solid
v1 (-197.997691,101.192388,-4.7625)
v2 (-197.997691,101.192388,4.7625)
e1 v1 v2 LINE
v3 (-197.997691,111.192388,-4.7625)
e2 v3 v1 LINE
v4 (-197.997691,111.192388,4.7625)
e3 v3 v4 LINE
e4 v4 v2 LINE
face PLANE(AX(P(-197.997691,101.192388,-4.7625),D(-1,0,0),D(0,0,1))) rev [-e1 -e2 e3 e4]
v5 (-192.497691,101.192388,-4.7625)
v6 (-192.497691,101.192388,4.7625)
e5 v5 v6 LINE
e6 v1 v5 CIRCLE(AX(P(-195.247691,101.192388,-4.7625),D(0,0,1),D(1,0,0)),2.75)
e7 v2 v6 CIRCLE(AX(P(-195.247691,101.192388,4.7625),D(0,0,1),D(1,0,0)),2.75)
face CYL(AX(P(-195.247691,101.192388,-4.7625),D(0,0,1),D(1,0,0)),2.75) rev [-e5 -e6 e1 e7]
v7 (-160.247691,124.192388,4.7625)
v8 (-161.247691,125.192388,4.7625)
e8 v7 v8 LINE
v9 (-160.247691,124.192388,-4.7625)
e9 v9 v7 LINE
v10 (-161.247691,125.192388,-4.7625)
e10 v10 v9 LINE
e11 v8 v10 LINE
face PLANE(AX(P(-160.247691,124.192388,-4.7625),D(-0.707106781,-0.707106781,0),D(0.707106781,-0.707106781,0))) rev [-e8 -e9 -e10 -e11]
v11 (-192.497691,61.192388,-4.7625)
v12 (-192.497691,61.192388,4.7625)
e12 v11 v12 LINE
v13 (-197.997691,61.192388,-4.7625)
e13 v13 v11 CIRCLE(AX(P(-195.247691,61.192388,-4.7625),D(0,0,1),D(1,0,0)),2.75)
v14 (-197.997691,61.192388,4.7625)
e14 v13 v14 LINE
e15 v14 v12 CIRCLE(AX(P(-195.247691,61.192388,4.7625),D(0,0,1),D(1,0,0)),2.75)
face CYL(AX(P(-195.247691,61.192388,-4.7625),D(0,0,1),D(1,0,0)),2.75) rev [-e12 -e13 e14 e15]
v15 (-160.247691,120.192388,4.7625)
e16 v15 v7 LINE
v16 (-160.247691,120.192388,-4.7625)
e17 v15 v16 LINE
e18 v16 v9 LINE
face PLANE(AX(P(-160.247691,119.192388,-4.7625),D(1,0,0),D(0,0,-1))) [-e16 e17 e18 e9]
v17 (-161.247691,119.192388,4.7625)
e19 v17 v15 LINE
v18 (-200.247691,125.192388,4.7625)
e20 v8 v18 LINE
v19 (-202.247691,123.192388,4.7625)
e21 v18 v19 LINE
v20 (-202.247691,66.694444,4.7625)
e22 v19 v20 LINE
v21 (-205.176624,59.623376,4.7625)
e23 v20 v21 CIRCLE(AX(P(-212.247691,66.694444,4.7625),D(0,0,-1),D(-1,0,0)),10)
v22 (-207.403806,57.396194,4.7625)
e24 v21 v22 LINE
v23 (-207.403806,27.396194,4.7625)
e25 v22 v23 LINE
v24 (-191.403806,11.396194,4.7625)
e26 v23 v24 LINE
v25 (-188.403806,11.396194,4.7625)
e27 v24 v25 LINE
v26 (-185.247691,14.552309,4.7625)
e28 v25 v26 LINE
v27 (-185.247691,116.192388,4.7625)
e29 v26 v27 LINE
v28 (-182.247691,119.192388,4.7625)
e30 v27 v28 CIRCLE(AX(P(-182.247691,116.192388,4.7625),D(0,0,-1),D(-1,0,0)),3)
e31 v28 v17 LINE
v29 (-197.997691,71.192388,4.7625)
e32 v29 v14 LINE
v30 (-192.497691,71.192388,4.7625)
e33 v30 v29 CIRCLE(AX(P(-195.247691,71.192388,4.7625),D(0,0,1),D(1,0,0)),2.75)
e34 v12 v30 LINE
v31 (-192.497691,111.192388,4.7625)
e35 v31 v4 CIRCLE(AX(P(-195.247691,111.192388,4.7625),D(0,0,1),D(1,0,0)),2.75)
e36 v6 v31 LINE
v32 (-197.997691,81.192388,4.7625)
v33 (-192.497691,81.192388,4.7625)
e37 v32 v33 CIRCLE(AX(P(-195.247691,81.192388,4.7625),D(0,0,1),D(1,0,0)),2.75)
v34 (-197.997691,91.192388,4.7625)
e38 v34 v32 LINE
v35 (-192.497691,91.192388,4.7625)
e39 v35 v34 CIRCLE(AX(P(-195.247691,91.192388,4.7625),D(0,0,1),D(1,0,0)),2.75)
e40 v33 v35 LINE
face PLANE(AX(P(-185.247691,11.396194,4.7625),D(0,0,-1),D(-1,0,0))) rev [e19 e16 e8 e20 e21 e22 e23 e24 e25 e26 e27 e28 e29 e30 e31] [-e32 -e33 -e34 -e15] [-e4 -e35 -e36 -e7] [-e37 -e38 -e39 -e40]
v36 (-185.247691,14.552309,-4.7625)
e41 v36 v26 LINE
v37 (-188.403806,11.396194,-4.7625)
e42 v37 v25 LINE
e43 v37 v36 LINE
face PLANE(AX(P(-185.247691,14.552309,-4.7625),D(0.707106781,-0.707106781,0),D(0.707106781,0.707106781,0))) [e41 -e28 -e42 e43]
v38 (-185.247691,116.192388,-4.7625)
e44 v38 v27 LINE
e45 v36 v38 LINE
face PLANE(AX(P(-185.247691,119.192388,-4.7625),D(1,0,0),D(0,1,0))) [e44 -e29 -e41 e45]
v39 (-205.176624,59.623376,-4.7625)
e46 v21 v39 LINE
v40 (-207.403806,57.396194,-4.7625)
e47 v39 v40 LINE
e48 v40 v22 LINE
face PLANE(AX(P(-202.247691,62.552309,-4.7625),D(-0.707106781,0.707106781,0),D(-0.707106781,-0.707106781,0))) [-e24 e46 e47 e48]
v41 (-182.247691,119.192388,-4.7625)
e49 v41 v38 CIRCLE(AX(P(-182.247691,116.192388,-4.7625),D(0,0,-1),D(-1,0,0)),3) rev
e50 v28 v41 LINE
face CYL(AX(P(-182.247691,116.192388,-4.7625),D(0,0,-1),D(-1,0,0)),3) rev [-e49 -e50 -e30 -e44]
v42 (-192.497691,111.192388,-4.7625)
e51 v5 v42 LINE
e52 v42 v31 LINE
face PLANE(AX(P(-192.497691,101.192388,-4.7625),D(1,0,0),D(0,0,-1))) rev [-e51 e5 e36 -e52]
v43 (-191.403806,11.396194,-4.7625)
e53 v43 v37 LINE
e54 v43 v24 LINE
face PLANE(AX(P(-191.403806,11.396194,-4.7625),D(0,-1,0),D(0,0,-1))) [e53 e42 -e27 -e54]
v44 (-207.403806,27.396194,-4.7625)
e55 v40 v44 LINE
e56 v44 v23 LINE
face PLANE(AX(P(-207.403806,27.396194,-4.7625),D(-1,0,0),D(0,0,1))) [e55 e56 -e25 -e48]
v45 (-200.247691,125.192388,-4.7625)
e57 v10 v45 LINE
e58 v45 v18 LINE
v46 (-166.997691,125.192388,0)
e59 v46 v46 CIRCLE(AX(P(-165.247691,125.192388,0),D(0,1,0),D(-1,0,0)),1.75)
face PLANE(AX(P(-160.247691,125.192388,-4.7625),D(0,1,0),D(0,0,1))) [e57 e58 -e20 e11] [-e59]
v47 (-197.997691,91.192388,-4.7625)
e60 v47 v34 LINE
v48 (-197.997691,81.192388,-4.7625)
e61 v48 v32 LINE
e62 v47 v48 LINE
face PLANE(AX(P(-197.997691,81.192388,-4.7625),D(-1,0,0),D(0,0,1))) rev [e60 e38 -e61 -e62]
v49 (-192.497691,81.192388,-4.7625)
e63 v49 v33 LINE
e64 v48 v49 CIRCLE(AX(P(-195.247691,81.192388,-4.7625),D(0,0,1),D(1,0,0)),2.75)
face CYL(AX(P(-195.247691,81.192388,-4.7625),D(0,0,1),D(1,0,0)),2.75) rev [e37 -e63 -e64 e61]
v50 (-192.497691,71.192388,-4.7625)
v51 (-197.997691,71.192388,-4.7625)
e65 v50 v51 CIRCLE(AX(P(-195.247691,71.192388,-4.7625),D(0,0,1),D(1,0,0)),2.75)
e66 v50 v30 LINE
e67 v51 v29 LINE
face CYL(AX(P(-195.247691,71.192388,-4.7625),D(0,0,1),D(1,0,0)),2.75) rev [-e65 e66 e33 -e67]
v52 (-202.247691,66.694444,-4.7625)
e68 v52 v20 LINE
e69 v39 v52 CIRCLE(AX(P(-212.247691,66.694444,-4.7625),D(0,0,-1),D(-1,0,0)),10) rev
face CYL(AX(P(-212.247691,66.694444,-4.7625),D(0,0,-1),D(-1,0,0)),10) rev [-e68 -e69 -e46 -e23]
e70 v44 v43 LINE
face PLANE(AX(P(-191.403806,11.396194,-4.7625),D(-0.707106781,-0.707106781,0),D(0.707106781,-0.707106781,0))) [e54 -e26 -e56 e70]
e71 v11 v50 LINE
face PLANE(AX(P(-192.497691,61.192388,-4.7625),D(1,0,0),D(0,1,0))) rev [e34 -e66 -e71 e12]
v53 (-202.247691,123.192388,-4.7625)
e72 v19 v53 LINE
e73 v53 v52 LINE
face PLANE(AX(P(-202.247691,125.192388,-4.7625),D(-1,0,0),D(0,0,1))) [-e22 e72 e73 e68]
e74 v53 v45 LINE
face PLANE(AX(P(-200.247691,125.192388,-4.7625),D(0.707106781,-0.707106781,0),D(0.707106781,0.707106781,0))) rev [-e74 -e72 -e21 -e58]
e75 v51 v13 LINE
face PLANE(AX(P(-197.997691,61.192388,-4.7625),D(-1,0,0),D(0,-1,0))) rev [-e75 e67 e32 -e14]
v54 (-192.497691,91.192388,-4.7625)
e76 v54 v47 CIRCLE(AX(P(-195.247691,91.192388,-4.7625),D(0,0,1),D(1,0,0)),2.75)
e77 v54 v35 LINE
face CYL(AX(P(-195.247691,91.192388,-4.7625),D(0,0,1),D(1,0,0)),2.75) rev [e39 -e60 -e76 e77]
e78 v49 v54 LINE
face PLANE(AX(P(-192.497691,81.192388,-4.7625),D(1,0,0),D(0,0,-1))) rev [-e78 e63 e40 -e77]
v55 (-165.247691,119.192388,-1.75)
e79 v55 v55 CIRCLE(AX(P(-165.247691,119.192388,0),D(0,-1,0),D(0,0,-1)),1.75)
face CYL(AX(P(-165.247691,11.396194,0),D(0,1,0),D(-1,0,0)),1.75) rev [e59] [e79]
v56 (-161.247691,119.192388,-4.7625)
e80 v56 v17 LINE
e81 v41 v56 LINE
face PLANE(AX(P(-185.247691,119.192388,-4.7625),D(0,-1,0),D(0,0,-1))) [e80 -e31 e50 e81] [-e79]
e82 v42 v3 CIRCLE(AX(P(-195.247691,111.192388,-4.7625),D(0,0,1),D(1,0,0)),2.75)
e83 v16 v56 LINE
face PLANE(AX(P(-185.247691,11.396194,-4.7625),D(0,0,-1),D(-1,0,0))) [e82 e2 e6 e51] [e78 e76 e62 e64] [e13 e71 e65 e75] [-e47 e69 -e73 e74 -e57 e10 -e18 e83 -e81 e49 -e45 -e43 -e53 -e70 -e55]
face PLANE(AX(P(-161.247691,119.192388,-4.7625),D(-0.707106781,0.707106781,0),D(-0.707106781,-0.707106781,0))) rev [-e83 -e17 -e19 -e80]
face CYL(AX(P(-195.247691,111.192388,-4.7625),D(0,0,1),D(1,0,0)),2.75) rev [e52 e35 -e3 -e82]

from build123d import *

# Parameters (mm, degrees)
BOSS_EXTRUDE1_DEPTH      = 4.7625
BOSS_EXTRUDE1_DEPTH_BACK = 4.7625
SKETCH2_R                = 1.75
CUT_EXTRUDE1_DEPTH       = 237.61909032
FILLET1_R                = 10
CHAMFER1_SIZE            = 2
CHAMFER2_SIZE            = 1
FILLET2_R                = 3


with BuildPart() as part:
    # Sketch1 → Boss-Extrude1 (new, two sides: drawn at the far end of the back side and taken through both)
    with BuildSketch(Plane.XY.offset(-BOSS_EXTRUDE1_DEPTH_BACK)):
        Polygon((-191.403805922, 11.396194078), (-207.403805922, 27.396194078), (-207.403805922, 57.396194078), (-202.247691321, 62.552308679), (-202.247691321, 125.192388155), (-160.247691321, 125.192388155), (-160.247691321, 119.192388155), (-185.247691321, 119.192388155), (-185.247691321, 14.552308679), (-188.403805922, 11.396194078), align=None)
        with BuildLine():
            Line((-192.497691321, 61.192388155), (-192.497691321, 71.192388155))
            ThreePointArc((-192.497691321, 71.192388155), (-195.247691321, 73.942388155), (-197.997691321, 71.192388155))
            Line((-197.997691321, 71.192388155), (-197.997691321, 61.192388155))
            ThreePointArc((-197.997691321, 61.192388155), (-195.247691321, 58.442388155), (-192.497691321, 61.192388155))
        make_face(mode=Mode.SUBTRACT)
        with BuildLine():
            Line((-192.497691321, 81.192388155), (-192.497691321, 91.192388155))
            ThreePointArc((-192.497691321, 91.192388155), (-195.247691321, 93.942388155), (-197.997691321, 91.192388155))
            Line((-197.997691321, 91.192388155), (-197.997691321, 81.192388155))
            ThreePointArc((-197.997691321, 81.192388155), (-195.247691321, 78.442388155), (-192.497691321, 81.192388155))
        make_face(mode=Mode.SUBTRACT)
        with BuildLine():
            Line((-192.497691321, 101.192388155), (-192.497691321, 111.192388155))
            ThreePointArc((-192.497691321, 111.192388155), (-195.247691321, 113.942388155), (-197.997691321, 111.192388155))
            Line((-197.997691321, 111.192388155), (-197.997691321, 101.192388155))
            ThreePointArc((-197.997691321, 101.192388155), (-195.247691321, 98.442388155), (-192.497691321, 101.192388155))
        make_face(mode=Mode.SUBTRACT)
    extrude(amount=BOSS_EXTRUDE1_DEPTH + BOSS_EXTRUDE1_DEPTH_BACK)

    # Sketch2 → Cut-Extrude1 (cut, through all)
    with BuildSketch(Plane(origin=(0, 125.192388155, 0), x_dir=(-1, 0, 0), z_dir=(0, 1, 0))):
        with Locations((165.247691321, 0)):
            Circle(SKETCH2_R)
    extrude(amount=-CUT_EXTRUDE1_DEPTH, mode=Mode.SUBTRACT)

    # Fillet1
    fillet1_edges = [part.edges().sort_by_distance(p)[0] for p in [
        (-202.247691321, 62.552308679, 0),
    ]]
    fillet(fillet1_edges, radius=FILLET1_R)

    # Chamfer1
    chamfer1_edges = [part.edges().sort_by_distance(p)[0] for p in [
        (-202.247691321, 125.192388155, 0),
    ]]
    chamfer(chamfer1_edges, length=CHAMFER1_SIZE)

    # Chamfer2
    chamfer2_edges = [part.edges().sort_by_distance(p)[0] for p in [
        (-160.247691321, 125.192388155, 0),
        (-160.247691321, 119.192388155, 0),
    ]]
    chamfer(chamfer2_edges, length=CHAMFER2_SIZE)

    # Fillet2
    fillet2_edges = [part.edges().sort_by_distance(p)[0] for p in [
        (-185.247691321, 119.192388155, 0),
    ]]
    fillet(fillet2_edges, radius=FILLET2_R)


solid = part.part
